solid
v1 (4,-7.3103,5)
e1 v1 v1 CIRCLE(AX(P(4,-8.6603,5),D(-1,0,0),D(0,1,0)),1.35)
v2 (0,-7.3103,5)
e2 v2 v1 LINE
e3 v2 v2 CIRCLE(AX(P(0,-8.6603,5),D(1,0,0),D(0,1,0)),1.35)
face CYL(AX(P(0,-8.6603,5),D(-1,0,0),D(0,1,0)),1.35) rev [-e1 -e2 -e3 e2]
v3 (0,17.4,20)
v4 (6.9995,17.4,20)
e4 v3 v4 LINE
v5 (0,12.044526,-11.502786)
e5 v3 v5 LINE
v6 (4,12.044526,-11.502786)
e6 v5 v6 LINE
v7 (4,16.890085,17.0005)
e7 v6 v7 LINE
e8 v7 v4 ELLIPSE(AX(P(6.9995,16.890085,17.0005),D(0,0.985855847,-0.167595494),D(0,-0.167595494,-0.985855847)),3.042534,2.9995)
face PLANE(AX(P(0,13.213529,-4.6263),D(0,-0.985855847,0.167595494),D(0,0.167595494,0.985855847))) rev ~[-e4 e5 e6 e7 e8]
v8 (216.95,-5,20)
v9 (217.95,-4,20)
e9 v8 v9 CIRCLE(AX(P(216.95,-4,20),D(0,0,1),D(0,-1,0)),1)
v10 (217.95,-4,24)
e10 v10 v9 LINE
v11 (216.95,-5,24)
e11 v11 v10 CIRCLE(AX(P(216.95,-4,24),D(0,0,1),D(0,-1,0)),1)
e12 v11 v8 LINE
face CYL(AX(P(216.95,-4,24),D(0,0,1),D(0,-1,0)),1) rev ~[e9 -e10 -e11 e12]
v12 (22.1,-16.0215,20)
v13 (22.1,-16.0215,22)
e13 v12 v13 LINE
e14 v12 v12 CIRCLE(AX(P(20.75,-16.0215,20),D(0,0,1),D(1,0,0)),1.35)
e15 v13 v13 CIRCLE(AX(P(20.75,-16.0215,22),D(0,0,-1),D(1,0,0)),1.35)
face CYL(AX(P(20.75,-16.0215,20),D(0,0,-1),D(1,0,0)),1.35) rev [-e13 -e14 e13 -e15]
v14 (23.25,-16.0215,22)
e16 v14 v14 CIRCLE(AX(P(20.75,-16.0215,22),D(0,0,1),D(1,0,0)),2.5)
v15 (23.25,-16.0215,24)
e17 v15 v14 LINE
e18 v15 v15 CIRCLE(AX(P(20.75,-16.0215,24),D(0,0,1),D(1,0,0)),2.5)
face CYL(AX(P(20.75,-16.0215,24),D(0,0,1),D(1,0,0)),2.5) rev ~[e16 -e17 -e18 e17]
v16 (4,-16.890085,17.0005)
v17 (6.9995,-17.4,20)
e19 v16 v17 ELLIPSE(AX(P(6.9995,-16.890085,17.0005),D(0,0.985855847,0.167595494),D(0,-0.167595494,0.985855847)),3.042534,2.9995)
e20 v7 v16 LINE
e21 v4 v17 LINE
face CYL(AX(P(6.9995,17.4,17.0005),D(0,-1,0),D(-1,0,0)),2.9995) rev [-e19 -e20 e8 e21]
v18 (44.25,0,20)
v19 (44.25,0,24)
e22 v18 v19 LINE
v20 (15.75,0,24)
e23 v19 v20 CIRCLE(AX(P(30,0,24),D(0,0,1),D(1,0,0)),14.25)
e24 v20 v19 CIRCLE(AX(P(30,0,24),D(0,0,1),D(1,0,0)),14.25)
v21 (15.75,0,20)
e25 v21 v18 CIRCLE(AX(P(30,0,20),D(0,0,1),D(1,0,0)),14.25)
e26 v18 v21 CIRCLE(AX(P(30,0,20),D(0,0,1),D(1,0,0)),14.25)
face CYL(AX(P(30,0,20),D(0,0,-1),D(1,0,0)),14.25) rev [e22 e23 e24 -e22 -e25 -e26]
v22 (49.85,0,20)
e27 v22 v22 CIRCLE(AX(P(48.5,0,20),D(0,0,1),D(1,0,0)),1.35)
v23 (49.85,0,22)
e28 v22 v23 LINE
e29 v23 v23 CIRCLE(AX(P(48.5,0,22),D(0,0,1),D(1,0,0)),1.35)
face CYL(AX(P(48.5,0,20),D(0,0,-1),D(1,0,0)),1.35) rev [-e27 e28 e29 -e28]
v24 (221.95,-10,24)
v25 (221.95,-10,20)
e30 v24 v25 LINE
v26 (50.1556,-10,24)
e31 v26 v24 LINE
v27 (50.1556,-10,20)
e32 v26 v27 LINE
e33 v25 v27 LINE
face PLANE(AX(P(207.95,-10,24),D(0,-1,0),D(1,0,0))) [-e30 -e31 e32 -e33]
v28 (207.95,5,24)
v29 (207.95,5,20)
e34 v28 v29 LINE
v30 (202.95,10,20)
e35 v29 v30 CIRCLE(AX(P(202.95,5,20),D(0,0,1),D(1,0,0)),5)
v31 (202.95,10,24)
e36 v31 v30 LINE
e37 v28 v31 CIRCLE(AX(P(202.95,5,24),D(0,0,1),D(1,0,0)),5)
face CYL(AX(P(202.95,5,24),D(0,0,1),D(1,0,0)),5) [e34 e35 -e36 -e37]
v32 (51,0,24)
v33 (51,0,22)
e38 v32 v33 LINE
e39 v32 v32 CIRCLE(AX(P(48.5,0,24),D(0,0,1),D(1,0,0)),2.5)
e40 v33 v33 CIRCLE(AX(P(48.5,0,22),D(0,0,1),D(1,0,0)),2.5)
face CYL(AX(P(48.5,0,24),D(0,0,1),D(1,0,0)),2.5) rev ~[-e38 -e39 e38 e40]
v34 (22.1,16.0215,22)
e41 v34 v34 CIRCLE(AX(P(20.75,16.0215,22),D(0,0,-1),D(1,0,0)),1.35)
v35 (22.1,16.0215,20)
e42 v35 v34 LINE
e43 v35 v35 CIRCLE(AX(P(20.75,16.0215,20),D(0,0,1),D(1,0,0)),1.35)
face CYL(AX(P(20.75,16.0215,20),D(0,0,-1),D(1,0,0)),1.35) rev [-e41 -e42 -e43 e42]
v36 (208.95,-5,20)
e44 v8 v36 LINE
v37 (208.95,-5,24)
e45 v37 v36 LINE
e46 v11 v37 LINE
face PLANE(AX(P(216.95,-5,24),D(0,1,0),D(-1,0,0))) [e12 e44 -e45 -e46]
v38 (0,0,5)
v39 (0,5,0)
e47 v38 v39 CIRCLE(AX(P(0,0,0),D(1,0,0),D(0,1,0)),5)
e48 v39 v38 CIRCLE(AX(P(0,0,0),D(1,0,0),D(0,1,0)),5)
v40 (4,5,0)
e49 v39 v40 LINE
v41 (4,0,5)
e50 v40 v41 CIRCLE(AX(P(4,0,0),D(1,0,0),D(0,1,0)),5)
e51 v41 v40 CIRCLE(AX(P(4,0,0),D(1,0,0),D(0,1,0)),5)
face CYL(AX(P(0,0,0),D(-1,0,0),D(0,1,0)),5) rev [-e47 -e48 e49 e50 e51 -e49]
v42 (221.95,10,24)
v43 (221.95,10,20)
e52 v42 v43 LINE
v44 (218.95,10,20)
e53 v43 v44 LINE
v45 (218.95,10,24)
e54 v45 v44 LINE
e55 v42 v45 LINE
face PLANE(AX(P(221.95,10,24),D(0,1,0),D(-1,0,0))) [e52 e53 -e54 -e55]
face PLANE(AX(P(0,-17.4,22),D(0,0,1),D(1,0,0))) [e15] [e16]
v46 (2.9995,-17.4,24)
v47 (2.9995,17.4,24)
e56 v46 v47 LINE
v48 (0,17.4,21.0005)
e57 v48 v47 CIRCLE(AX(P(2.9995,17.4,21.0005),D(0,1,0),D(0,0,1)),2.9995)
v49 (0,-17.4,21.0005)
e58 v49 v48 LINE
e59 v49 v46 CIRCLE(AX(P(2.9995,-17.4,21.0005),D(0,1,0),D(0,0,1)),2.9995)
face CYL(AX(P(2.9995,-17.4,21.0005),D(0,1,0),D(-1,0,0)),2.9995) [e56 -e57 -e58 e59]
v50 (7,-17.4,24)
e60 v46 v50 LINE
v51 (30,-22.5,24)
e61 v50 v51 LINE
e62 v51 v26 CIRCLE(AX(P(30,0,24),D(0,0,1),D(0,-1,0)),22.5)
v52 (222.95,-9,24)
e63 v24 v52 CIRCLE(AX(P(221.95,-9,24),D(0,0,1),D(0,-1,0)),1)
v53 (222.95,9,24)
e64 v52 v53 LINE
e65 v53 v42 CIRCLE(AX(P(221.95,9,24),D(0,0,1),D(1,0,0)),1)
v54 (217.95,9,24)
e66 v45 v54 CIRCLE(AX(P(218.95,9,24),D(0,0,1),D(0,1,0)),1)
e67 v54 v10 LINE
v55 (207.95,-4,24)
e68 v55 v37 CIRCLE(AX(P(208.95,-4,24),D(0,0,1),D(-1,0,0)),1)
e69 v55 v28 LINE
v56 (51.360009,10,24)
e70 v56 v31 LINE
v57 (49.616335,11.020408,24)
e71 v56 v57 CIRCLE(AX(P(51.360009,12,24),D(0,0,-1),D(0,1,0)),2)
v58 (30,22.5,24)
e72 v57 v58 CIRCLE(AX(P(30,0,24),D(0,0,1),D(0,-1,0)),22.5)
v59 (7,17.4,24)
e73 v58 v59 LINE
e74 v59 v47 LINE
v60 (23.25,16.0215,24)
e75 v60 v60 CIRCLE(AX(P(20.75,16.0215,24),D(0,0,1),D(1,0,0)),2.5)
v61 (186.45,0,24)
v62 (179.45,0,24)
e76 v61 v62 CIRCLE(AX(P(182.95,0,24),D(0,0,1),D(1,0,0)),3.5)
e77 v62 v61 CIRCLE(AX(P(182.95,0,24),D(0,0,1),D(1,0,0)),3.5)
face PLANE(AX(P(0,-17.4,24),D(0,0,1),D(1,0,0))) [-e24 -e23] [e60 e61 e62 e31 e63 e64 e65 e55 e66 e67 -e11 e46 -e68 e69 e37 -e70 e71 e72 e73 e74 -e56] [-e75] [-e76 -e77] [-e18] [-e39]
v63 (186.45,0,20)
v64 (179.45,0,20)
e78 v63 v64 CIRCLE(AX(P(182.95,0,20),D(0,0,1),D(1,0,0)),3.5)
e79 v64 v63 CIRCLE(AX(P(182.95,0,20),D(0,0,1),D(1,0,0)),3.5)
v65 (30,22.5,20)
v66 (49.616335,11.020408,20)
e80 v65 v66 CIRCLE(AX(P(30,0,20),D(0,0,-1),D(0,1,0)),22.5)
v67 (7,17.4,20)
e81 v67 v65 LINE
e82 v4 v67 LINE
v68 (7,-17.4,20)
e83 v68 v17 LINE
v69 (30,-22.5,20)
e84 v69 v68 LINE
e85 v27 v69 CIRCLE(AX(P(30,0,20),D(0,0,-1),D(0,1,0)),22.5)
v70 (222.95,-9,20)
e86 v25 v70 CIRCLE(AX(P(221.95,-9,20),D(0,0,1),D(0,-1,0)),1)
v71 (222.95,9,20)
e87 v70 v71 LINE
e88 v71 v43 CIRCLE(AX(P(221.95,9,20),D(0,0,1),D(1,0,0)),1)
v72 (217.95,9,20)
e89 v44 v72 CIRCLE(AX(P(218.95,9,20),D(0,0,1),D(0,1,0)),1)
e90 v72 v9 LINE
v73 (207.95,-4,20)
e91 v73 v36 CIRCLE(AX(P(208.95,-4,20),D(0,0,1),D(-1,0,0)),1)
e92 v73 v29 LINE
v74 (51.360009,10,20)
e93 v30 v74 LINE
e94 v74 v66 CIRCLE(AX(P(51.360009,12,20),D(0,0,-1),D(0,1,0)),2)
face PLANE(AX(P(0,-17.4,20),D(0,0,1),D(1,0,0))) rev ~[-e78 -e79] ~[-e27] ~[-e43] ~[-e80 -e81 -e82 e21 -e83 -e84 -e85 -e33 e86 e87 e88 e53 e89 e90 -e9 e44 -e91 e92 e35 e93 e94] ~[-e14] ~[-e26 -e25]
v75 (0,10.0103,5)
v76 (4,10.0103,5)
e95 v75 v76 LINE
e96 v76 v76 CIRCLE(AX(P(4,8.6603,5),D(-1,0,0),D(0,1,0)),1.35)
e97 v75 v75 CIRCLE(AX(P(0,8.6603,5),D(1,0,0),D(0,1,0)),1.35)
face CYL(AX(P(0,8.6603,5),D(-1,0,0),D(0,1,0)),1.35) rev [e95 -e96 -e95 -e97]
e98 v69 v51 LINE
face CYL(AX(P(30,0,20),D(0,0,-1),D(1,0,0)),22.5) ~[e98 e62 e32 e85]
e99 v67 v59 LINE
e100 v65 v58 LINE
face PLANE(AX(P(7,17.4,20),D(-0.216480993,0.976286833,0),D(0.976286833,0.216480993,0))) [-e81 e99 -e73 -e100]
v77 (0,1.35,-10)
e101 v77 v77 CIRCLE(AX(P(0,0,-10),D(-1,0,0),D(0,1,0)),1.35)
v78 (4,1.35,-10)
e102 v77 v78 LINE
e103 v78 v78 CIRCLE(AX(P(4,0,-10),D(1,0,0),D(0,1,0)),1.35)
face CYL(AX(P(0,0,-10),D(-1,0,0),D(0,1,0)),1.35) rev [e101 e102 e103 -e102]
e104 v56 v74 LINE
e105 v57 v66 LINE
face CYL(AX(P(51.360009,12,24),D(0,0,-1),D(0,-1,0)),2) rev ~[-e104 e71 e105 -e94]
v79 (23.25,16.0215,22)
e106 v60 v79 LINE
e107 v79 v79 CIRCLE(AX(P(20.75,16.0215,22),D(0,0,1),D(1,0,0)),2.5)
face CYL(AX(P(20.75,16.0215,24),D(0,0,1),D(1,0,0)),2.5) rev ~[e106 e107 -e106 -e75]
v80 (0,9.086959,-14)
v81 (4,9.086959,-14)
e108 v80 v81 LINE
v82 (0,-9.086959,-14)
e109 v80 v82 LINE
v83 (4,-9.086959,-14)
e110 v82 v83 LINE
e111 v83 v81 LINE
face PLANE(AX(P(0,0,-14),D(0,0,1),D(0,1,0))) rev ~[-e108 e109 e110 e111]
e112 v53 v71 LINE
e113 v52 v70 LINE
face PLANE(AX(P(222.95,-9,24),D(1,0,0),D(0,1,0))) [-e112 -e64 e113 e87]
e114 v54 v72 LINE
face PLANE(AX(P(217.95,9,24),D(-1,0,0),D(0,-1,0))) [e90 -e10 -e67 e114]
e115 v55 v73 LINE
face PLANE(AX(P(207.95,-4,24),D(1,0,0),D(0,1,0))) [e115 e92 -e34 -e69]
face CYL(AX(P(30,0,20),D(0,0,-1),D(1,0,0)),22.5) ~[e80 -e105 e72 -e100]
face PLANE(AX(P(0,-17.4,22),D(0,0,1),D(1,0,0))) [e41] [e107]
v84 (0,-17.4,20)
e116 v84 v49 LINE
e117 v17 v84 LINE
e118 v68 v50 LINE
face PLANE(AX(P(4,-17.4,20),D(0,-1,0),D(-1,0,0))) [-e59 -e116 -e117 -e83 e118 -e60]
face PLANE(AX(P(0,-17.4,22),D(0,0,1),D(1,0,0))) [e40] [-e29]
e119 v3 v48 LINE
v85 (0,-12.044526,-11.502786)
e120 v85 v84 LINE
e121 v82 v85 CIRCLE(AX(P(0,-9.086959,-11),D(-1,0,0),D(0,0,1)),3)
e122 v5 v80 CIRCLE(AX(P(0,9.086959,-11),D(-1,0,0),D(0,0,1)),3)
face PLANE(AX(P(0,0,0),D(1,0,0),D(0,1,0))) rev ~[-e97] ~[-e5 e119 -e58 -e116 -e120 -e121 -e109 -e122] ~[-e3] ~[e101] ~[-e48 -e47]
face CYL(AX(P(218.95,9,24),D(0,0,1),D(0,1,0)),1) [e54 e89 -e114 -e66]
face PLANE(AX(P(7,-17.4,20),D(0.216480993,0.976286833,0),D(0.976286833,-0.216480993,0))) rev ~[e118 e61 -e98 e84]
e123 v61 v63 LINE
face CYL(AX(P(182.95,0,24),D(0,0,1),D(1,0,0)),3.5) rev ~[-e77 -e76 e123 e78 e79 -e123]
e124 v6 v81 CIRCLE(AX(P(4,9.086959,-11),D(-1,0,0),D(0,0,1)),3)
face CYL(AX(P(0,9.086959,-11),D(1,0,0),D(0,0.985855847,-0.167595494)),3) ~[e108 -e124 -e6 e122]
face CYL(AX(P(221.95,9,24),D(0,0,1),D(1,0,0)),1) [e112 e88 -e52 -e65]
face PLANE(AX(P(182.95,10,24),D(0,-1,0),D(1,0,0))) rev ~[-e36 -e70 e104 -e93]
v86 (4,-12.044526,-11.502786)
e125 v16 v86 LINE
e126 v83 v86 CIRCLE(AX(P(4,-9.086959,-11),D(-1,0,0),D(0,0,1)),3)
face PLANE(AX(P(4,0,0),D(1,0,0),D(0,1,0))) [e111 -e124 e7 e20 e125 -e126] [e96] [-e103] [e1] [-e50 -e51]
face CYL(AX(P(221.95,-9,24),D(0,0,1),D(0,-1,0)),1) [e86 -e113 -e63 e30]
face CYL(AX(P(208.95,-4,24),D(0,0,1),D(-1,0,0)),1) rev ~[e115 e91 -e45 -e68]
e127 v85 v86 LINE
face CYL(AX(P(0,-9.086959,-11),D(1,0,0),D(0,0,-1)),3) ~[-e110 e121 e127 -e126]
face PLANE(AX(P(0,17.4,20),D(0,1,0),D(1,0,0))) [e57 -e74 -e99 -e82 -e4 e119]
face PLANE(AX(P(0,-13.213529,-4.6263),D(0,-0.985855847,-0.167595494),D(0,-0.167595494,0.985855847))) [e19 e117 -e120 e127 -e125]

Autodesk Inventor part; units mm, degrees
ref_plane "YZ Plane" through (0, 0, 0) normal (1, 0, 0) x (0, 1, 0)
ref_plane "XZ Plane" through (0, 0, 0) normal (0, 1, 0) x (-1, 0, 0)
ref_plane "XY Plane" through (0, 0, 0) normal (0, 0, 1) x (1, 0, 0)
sketch "スケッチ1" plane through (0, 0, 0) normal (1, 0, 0) x (0, 1, 0)
  circle A0 centre (0, 0) radius 10
  circle A1 centre (0, -10) radius 1.35
  circle A2 centre (8.6603, 5) radius 1.35
  circle A3 centre (-8.6603, 5) radius 1.35
  circle A4 centre (0, 0) radius 5
  line L0 (0, 0) -> (0, 50)
  circle A5 centre (0, 50) radius 22.5
  circle A6 centre (0, 0) radius 14
  line L1 (-14, 0) -> (-22.5, 50)
  line L2 (14, 0) -> (22.5, 50)
  line L3 (0, -14) -> (-11.62, -14)
  line L4 (-11.62, -14) -> (-14, 0)
  line L5 (0, -14) -> (11.62, -14)
  line L6 (11.62, -14) -> (14, 0)
  line L7 (0, 20) -> (-17.4, 20)
  line L8 (0, 20) -> (17.4, 20)
  dimension "d0" = 20
  dimension "d1" = 2.7
  dimension "d4" = 360
  dimension "d6" = 10
  dimension "d7" = 50
  dimension "d8" = 45
  dimension "d9" = 28
extrude "押し出し1" add sketch "スケッチ1" along normal blind 4 contours A0 A1 A3 A2 | A6 L6 L4 | A6 L1 L7 L0 | L0 L8 L2 A6 | L6 L5 A6 | A6 L3 L4
sketch "スケッチ2" plane through (0, -17.4, 20) normal (0, 0, 1) x (1, 0, 0)
  line L0 (0, 17.4) -> (30, 17.4)
  circle A0 centre (30, 17.4) radius 22.5
  circle A1 centre (30, 17.4) radius 18.5
  circle A2 centre (30, 17.4) radius 14.25
  circle A3 centre (48.5, 17.4) radius 1.35
  circle A4 centre (20.75, 33.4215) radius 1.35
  circle A5 centre (20.75, 1.3785) radius 1.35
  line L1 (0, 29.02) -> (0, 34.8) projected
  line L2 (0, 0) -> (0, 5.78) projected
  line L3 (0, 34.8) -> (0, 0)
  line L4 (4, 29.02) -> (4, 34.8) projected
  line L5 (4, 34.8) -> (7, 34.8)
  line L6 (7, 34.8) -> (30, 39.9)
  line L7 (4, 0) -> (4, 5.78) projected
  line L8 (4, 0) -> (7, 0)
  line L9 (7, 0) -> (30, -5.1)
  line L10 (4, 0) -> (0, 0)
  line L11 (0, 34.8) -> (4, 34.8) projected
  line L12 (0, 0) -> (0, 34.8)
  line L13 (0, 34.8) -> (4, 34.8)
  dimension "d14" = 37
  dimension "d12" = 30
  dimension "d13" = 45
  dimension "d15" = 28.5
  dimension "d16" = 2.7
  dimension "d19" = 360
  dimension "d21" = 3
  dimension "d22" = 3
extrude "押し出し2" add sketch "スケッチ2" along normal blind 4 contours L3 L1 L11 L5 L6 A0 L0 | L0 A0 L9 L8 L10 L2 L3 | A1 A4 A3 A5 | A0 L6 L9
fillet "フィレット1" radius 3 2 edges at (4, 0, 20) (0, 0, 24)
fillet "フィレット2" radius 3 2 edges at (2, -11.62, -14) (2, 11.62, -14)
sketch "スケッチ7" plane through (0, -17.4, 24) normal (0, 0, 1) x (1, 0, 0)
  circle A0 centre (30, 17.4) radius 14.25 projected
  line L0 (30, 17.4) -> (182.95, 17.4)
  line L1 (30, 17.4) -> (182.95, 17.4) construction
  circle A1 centre (182.95, 17.4) radius 3.5
  circle A2 centre (182.95, 17.4) radius 10
  line L2 (182.95, 27.4) -> (50.1556, 27.4)
  arc A3 (30, -5.1) -> (30, 39.9) centre (30, 17.4) ccw projected
  line L3 (182.95, 27.4) -> (315.7444, 27.4) construction
  line L4 (182.95, 7.4) -> (50.1556, 7.4)
  point P0 (0, 17.4)
  dimension "d55" = 152.95
  dimension "d56" = 0
  dimension "d57" = 7
  dimension "d58" = 20
  dimension "d59" = 180
extrude "押し出し7" add sketch "スケッチ7" against normal blind 4 contours A3 L2 A2 L0 | L0 A2 L4 A3 | A2
sketch "スケッチ8" plane through (0, -17.4, 24) normal (0, 0, 1) x (1, 0, 0)
  circle A0 centre (20.75, 33.4215) radius 1.35 projected
  circle A1 centre (20.75, 33.4215) radius 2.5
  circle A2 centre (48.5, 17.4) radius 1.35 projected
  circle A3 centre (48.5, 17.4) radius 2.5
  circle A4 centre (20.75, 1.3785) radius 1.35 projected
  circle A5 centre (20.75, 1.3785) radius 2.5
  point P0 (0, 17.4)
  dimension "d63" = 5
  dimension "d64" = 5
  dimension "d65" = 5
extrude "押し出し8" cut sketch "スケッチ8" against normal blind 2 contours A0 | A1 | A3 | A4 | A5
fillet "フィレット4" radius 2 1 edges at (50.1556, 10, 22)
sketch "スケッチ11" plane through (0, -17.4, 24) normal (0, 0, 1) x (1, 0, 0)
  line L0 (51.36, 27.4) -> (182.95, 27.4) projected
  line L1 (182.95, 27.4) -> (202.95, 27.4)
  arc A0 (182.95, 7.4) -> (182.95, 27.4) centre (182.95, 17.4) ccw projected
  line L2 (182.95, 7.4) -> (207.95, 7.4)
  line L3 (207.95, 13.4) -> (207.95, 22.4)
  line L4 (207.95, 7.4) -> (221.95, 7.4)
  line L5 (222.95, 8.4) -> (222.95, 26.4)
  line L6 (221.95, 27.4) -> (218.95, 27.4)
  line L7 (217.95, 26.4) -> (217.95, 13.4)
  line L8 (216.95, 12.4) -> (208.95, 12.4)
  arc A1 (222.95, 26.4) -> (221.95, 27.4) centre (221.95, 26.4) ccw
  arc A2 (218.95, 27.4) -> (217.95, 26.4) centre (218.95, 26.4) ccw
  arc A3 (221.95, 7.4) -> (222.95, 8.4) centre (221.95, 8.4) ccw
  arc A4 (216.95, 12.4) -> (217.95, 13.4) centre (216.95, 13.4) ccw
  arc A5 (207.95, 13.4) -> (208.95, 12.4) centre (208.95, 13.4) ccw
  arc A6 (207.95, 22.4) -> (202.95, 27.4) centre (202.95, 22.4) ccw
  point P0 (0, 17.4)
  point P1 (207.95, 27.4)
  point P2 (222.95, 7.4)
  point P3 (222.95, 27.4)
  point P4 (217.95, 27.4)
  point P5 (217.95, 12.4)
  dimension "d83" = 25
  dimension "d84" = 15
  dimension "d85" = 20
  dimension "d86" = 5
  dimension "d87" = 15
  dimension "d88" = 1
  dimension "d89" = 5
extrude "押し出し11" add sketch "スケッチ11" against normal blind 4
properties part number "motor_holder_2" material "ABS プラスチック"
